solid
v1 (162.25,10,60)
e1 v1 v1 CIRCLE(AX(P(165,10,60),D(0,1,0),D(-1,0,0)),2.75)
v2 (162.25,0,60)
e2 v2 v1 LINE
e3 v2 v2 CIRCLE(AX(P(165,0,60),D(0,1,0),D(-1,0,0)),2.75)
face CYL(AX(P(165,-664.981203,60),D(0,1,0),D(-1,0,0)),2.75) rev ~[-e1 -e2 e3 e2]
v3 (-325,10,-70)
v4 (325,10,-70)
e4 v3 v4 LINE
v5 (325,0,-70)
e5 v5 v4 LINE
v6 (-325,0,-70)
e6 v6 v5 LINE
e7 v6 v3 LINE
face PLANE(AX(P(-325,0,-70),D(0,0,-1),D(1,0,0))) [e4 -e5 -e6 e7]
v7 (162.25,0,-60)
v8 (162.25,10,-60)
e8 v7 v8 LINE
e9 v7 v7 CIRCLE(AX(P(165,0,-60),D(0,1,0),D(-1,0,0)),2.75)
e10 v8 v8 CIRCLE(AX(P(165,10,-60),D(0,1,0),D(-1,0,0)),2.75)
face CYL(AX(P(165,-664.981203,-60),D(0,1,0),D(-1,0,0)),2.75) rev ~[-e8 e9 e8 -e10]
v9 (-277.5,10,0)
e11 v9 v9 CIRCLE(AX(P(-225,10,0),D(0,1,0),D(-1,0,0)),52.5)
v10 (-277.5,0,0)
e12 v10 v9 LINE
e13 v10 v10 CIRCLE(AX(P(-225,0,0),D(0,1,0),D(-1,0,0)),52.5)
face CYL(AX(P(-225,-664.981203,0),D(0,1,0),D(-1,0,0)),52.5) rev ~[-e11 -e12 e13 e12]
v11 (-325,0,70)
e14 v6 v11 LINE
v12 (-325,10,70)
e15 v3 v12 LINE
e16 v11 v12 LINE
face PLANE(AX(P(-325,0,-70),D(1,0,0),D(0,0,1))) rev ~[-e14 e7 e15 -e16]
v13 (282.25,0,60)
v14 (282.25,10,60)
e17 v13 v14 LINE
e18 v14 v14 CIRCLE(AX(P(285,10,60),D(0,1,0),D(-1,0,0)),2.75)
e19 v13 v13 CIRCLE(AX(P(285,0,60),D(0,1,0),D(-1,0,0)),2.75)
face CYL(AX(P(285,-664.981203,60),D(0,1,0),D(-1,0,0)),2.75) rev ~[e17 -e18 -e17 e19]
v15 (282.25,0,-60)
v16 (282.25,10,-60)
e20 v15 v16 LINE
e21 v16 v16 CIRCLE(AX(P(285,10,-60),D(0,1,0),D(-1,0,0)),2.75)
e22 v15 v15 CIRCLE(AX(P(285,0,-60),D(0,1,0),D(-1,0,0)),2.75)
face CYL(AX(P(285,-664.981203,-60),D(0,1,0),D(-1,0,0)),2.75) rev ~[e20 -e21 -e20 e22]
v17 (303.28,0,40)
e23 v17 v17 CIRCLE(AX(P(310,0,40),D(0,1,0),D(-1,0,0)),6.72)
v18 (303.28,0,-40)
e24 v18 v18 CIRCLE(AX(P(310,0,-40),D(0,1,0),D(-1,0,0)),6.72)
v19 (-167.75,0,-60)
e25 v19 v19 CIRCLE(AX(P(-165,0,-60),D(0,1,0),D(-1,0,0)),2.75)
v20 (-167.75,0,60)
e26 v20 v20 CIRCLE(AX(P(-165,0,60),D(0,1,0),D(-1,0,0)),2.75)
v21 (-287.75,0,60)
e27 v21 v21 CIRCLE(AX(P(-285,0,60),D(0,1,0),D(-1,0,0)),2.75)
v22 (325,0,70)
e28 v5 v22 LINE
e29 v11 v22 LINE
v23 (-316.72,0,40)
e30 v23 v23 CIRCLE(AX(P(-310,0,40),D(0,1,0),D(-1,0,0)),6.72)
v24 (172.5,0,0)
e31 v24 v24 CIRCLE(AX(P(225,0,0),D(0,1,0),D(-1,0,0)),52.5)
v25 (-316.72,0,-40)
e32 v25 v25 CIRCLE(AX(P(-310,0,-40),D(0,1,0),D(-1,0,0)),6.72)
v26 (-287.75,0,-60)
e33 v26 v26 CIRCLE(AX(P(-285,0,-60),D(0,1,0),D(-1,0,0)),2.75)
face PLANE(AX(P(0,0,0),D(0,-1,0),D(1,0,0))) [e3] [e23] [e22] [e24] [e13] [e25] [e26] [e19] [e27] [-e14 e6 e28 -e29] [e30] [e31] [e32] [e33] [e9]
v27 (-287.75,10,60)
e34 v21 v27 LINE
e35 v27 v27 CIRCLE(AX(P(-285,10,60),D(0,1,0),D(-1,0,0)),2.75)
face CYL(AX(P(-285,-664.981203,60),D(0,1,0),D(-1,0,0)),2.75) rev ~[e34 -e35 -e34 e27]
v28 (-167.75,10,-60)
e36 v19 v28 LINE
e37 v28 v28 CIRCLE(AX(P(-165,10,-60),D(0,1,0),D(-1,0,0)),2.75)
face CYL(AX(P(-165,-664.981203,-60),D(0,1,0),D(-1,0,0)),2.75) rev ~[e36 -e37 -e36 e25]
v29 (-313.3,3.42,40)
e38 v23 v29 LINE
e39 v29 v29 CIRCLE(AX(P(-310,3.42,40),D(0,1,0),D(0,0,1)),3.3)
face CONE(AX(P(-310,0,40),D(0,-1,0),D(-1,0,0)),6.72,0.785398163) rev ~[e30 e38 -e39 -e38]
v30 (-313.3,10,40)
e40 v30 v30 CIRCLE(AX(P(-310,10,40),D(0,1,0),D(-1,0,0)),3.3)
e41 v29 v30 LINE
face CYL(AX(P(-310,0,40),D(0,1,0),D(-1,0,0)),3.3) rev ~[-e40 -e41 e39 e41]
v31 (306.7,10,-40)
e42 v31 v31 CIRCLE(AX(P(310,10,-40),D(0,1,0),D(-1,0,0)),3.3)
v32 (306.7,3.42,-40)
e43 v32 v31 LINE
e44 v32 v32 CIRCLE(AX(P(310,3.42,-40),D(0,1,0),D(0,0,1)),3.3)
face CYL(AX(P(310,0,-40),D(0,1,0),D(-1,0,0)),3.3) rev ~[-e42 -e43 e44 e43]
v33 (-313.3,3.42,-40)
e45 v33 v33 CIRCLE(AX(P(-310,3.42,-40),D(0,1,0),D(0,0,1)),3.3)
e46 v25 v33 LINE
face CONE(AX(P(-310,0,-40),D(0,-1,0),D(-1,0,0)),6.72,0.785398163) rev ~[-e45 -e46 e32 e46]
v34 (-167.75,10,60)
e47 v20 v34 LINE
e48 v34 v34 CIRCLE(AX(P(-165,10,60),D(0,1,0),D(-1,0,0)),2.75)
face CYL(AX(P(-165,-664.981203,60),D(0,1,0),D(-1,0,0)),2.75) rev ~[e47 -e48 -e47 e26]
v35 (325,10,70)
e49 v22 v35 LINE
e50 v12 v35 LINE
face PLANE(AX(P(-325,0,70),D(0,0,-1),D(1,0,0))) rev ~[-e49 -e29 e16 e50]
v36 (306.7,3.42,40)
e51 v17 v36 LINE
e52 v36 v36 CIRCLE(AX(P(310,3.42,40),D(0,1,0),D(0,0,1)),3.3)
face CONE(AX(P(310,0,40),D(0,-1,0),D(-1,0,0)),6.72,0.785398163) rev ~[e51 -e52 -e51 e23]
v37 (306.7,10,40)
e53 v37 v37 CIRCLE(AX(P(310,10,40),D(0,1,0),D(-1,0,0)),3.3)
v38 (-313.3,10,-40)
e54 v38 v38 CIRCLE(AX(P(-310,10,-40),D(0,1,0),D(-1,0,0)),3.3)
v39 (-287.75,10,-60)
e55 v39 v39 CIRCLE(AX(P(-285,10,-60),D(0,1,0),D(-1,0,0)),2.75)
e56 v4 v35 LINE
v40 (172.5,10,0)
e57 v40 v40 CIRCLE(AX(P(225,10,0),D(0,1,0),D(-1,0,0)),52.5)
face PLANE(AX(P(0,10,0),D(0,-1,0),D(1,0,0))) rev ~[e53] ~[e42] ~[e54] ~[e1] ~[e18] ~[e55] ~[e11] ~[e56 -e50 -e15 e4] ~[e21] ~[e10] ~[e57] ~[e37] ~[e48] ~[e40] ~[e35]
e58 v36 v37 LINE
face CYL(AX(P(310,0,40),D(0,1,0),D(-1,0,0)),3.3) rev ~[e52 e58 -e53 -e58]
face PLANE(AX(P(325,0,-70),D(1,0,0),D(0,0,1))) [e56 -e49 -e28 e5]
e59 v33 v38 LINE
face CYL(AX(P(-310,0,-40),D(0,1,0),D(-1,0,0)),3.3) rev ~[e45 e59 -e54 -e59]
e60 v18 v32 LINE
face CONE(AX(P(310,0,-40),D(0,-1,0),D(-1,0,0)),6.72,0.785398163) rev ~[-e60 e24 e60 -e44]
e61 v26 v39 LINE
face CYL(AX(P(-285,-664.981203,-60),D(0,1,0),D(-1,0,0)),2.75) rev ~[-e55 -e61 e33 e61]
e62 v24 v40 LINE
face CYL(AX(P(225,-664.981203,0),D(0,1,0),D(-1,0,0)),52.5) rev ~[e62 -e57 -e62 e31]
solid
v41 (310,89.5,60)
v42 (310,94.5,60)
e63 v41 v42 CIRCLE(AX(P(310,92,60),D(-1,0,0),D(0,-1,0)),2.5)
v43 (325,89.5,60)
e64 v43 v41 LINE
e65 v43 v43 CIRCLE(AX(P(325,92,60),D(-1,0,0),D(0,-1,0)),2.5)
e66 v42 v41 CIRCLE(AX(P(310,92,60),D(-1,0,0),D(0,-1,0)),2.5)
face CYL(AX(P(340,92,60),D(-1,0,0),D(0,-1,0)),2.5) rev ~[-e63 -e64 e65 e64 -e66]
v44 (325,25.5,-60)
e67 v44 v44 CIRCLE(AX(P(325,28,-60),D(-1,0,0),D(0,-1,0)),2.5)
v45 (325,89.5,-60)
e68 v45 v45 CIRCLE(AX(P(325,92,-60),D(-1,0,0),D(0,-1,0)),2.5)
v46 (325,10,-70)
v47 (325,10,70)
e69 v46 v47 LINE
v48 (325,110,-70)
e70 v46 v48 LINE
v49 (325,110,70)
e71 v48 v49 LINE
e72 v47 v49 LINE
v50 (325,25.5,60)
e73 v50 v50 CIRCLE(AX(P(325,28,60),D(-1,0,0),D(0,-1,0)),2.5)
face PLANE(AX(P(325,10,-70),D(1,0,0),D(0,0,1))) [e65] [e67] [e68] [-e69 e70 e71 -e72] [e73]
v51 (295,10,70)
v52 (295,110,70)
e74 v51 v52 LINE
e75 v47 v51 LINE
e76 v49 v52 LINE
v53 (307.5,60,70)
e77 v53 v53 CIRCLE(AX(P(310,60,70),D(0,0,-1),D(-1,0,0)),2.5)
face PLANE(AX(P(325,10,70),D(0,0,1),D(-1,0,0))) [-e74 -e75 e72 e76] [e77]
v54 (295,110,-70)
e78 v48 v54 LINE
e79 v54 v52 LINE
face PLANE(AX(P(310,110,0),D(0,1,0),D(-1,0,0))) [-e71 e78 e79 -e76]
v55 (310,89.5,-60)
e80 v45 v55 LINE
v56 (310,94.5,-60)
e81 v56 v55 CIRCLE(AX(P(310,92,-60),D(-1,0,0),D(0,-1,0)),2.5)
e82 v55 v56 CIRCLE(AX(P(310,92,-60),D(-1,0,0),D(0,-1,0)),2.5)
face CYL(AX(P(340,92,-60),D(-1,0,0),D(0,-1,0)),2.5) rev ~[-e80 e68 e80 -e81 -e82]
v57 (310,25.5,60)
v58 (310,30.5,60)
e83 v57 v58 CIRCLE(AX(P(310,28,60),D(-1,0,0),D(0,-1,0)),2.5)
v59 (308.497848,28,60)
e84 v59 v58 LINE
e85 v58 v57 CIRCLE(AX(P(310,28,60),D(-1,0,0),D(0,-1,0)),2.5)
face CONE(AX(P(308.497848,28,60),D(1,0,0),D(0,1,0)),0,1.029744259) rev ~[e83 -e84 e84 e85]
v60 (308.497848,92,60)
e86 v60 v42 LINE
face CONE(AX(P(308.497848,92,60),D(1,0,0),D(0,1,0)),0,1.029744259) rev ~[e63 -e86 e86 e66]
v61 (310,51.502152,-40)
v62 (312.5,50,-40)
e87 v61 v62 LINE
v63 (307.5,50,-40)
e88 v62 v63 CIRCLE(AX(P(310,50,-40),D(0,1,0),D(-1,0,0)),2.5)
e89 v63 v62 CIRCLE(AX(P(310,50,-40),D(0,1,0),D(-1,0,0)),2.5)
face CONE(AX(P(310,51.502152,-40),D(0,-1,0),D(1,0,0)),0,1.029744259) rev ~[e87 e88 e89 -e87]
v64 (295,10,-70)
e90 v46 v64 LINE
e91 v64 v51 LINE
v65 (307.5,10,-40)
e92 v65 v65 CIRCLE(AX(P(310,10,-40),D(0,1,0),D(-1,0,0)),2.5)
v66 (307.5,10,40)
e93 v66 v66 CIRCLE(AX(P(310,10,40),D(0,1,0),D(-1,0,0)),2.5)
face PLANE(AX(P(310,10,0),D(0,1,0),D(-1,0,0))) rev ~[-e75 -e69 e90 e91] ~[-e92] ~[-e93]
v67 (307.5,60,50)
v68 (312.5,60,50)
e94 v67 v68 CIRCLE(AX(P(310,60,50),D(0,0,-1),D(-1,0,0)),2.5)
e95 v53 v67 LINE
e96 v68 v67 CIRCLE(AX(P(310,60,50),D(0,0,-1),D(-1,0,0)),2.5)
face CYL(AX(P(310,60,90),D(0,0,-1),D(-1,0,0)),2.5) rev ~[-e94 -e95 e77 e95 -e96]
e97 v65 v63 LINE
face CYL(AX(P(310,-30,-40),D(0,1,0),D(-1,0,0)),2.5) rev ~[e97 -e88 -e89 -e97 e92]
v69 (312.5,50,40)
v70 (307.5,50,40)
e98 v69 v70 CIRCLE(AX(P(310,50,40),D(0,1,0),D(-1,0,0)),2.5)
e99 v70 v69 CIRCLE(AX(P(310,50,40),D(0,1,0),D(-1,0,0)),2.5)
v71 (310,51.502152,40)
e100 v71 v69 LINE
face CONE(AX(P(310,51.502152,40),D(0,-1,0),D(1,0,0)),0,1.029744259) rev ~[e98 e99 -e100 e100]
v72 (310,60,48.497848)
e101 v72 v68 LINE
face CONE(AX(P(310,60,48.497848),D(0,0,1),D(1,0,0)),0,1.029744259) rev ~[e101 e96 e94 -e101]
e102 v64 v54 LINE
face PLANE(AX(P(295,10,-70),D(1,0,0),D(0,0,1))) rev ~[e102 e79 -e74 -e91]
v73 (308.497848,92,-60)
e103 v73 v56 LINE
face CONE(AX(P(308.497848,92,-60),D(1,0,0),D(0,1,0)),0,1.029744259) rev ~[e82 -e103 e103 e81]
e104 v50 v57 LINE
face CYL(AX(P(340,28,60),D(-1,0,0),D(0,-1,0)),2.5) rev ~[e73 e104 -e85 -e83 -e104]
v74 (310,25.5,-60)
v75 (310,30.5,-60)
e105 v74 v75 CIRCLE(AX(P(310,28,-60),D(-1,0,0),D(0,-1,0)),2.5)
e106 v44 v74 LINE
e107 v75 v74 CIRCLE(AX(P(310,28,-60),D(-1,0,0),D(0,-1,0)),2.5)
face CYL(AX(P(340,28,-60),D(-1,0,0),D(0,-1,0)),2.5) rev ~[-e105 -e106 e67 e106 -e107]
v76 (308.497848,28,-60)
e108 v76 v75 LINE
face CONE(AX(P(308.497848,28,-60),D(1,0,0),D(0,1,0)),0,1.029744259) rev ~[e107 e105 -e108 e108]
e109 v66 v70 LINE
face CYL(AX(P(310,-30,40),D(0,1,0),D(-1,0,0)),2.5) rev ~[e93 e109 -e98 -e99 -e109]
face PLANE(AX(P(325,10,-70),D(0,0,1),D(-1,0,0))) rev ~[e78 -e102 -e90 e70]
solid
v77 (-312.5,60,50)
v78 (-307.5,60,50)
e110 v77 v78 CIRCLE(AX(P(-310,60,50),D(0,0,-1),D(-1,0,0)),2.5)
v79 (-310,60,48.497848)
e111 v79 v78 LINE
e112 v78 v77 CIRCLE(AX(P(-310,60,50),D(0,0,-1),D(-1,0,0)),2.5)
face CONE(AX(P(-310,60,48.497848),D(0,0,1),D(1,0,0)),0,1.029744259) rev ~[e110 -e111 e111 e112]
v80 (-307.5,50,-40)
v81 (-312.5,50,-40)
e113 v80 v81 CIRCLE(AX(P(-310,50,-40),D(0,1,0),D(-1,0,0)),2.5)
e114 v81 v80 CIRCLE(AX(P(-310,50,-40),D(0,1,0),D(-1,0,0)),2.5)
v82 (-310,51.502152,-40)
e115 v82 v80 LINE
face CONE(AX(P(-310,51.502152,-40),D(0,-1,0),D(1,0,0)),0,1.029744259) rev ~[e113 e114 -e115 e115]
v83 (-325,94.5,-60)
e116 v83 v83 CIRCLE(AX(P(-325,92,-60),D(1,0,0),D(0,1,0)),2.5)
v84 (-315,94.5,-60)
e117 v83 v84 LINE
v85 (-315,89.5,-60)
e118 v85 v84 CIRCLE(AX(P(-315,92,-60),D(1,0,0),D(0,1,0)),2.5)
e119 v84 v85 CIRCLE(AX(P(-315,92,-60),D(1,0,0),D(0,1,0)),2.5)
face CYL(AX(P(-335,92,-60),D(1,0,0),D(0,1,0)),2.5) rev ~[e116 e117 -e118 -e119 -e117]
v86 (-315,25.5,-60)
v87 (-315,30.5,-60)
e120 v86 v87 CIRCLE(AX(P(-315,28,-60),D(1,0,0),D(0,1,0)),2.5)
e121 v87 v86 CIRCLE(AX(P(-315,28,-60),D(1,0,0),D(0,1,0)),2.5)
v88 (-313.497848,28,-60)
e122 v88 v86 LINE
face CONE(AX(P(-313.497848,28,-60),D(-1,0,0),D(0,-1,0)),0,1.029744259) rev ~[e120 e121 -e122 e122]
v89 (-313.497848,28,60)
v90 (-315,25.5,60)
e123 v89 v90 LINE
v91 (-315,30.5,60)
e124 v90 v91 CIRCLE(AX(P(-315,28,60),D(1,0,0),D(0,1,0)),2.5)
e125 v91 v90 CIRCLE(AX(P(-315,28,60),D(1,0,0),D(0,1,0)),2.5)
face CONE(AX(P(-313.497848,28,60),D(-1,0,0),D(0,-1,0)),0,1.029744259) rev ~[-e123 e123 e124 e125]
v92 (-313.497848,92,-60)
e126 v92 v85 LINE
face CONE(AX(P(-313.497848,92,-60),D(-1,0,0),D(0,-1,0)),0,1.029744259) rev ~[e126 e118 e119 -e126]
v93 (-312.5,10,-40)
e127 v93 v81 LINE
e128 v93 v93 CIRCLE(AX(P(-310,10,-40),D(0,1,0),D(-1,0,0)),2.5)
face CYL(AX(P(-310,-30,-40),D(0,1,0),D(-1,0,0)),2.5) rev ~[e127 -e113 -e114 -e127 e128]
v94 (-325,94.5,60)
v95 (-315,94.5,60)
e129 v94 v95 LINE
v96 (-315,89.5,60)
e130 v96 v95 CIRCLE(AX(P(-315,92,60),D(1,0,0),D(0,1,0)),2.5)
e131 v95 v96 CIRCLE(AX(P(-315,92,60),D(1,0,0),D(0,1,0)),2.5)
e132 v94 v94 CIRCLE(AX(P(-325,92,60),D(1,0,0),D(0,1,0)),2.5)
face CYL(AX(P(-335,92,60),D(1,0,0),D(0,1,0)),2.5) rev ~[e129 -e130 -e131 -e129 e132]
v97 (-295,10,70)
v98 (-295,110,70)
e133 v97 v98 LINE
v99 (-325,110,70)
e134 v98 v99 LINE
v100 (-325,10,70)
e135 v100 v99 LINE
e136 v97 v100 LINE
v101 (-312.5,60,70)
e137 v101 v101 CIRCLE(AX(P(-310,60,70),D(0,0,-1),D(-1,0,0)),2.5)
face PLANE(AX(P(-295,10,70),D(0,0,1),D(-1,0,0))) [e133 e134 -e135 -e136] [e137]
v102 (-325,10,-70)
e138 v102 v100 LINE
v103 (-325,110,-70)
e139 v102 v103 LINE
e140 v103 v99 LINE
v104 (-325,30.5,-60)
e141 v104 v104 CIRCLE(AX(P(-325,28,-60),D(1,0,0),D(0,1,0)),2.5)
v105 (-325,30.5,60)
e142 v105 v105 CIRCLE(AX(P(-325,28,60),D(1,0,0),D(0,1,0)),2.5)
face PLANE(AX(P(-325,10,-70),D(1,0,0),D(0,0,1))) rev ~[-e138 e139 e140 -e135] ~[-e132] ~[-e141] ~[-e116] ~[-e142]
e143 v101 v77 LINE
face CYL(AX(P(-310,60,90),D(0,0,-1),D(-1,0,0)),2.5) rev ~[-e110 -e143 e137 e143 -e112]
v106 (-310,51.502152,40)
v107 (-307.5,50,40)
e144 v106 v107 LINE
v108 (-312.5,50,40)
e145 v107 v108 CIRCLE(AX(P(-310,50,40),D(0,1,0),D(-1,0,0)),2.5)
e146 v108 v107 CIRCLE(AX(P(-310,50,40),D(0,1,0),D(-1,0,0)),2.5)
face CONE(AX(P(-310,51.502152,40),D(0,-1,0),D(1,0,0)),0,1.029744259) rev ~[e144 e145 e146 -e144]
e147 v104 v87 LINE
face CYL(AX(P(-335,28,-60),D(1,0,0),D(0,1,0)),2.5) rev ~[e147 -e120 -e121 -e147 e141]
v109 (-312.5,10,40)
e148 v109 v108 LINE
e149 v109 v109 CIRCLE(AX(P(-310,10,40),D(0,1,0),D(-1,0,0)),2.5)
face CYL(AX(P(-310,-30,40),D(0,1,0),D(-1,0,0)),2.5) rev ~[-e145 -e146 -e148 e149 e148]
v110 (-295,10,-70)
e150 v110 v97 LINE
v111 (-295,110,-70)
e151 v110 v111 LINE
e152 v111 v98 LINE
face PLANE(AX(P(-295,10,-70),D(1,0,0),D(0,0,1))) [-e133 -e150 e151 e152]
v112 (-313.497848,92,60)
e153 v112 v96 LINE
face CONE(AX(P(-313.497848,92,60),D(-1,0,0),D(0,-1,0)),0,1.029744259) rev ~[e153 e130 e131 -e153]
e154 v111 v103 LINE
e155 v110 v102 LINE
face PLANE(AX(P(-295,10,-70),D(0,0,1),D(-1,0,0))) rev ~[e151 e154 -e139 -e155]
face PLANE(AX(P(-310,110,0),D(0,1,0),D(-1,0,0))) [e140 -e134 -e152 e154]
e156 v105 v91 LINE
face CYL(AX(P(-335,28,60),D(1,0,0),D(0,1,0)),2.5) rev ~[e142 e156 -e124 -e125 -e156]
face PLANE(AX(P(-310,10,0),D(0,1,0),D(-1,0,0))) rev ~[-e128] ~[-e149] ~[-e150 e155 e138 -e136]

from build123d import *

# Parameters (mm, degrees)
F0_W           = 650
F0_H           = 140
F0_W_2         = 120
F0_H_2         = 120
F1_DEPTH       = 10
F4_W           = 30
F4_H           = 140
F5_DEPTH       = 100
F6_D           = 6.6
F6_DEPTH       = 40
F6_CSINK_D     = 13.44
F6_CSINK_ANGLE = 90
F6_TIP         = 1.9828400428
F8_D           = 5
F8_DEPTH       = 10
F8_TIP         = 1.5021515476
F10_D          = 5
F10_DEPTH      = 15
F10_TIP        = 1.5021515476
F11_D          = 105
F12_D          = 5
F12_DEPTH      = 40
F12_START      = 10
F12_TIP        = 1.5021515476
F12_2_D        = 5
F12_2_DEPTH    = 40
F12_2_START    = 10
F12_2_TIP      = 1.5021515476
F14_D          = 5
F14_DEPTH      = 20
F14_TIP        = 1.5021515476
F14_2_D        = 5
F14_2_DEPTH    = 20
F14_2_TIP      = 1.5021515476
F15_D          = 5.5


with BuildPart() as f1:
    # F0 (on Front) → F1 (new body)
    with BuildSketch(Plane.XZ):
        Rectangle(F0_W, F0_H)
        with Locations((-225, 0)):
            Rectangle(F0_W_2, F0_H_2, mode=Mode.SUBTRACT)
        with Locations((225, 0)):
            Rectangle(F0_W_2, F0_H_2, mode=Mode.SUBTRACT)
        with Locations((-225, 0)):
            Rectangle(F0_W_2, F0_H_2)
        with Locations((225, 0)):
            Rectangle(F0_W_2, F0_H_2)
    extrude(amount=-F1_DEPTH)


with BuildPart() as f2_1:
    # F2: copy of F1
    add(f1.part.moved(Location((0, 0, 10))))


with BuildPart() as f5:
    # F4 (on face) → F5 (new body)
    with BuildSketch(Plane(origin=(0, 10, 0), x_dir=(-1, 0, 0), z_dir=(0, 1, 0))):
        with Locations((310, 0)):
            Rectangle(F4_W, F4_H)
    extrude(amount=F5_DEPTH)

    # F8
    with Locations(Plane(origin=(-325, 0, 0), x_dir=(0, -1, 0), z_dir=(-1, 0, 0))):
        with Locations((-92, 60), (-28, 60), (-28, -60), (-92, -60)):
            Hole(F8_D / 2, depth=F8_DEPTH)
            with Locations((0, 0, -(F8_DEPTH + F8_TIP / 2))):  # 118° drill point
                Cone(0, F8_D / 2, F8_TIP, mode=Mode.SUBTRACT)

    # F12
    # its depths count from where the whole tool has entered the part; down to there all is cleared
    with Locations(Plane.XZ.offset(-F12_START)):
        with Locations((-310, 40), (-310, -40), (310, 40), (310, -40)):
            Hole(F12_D / 2, depth=F12_DEPTH)
            with Locations((0, 0, -(F12_DEPTH + F12_TIP / 2))):  # 118° drill point
                Cone(0, F12_D / 2, F12_TIP, mode=Mode.SUBTRACT)

    # F14
    with Locations(Plane.XY.offset(70)):
        with Locations((-310, 60), (310, 60)):
            Hole(F14_D / 2, depth=F14_DEPTH)
            with Locations((0, 0, -(F14_DEPTH + F14_TIP / 2))):  # 118° drill point
                Cone(0, F14_D / 2, F14_TIP, mode=Mode.SUBTRACT)


with BuildPart() as f5b:
    # F4 (on face) → F5, piece 2 (new body)
    with BuildSketch(Plane(origin=(0, 10, 0), x_dir=(-1, 0, 0), z_dir=(0, 1, 0))):
        with Locations((-310, 0)):
            Rectangle(F4_W, F4_H)
    extrude(amount=F5_DEPTH)

    # F10
    with Locations(Plane.YZ.offset(325)):
        with Locations((28, 60), (92, 60), (92, -60), (28, -60)):
            Hole(F10_D / 2, depth=F10_DEPTH)
            with Locations((0, 0, -(F10_DEPTH + F10_TIP / 2))):  # 118° drill point
                Cone(0, F10_D / 2, F10_TIP, mode=Mode.SUBTRACT)

    # F12#2
    # its depths count from where the whole tool has entered the part; down to there all is cleared
    with Locations(Plane.XZ.offset(-F12_2_START)):
        with Locations((-310, 40), (-310, -40), (310, 40), (310, -40)):
            Hole(F12_2_D / 2, depth=F12_2_DEPTH)
            with Locations((0, 0, -(F12_2_DEPTH + F12_2_TIP / 2))):  # 118° drill point
                Cone(0, F12_2_D / 2, F12_2_TIP, mode=Mode.SUBTRACT)

    # F14#2
    with Locations(Plane.XY.offset(70)):
        with Locations((-310, 60), (310, 60)):
            Hole(F14_2_D / 2, depth=F14_2_DEPTH)
            with Locations((0, 0, -(F14_2_DEPTH + F14_2_TIP / 2))):  # 118° drill point
                Cone(0, F14_2_D / 2, F14_2_TIP, mode=Mode.SUBTRACT)


with BuildPart() as f1_1:
    add(f1.part)

    # F6
    with Locations(Plane.XZ):
        with Locations((-310, 40), (-310, -40), (310, 40), (310, -40)):
            CounterSinkHole(F6_D / 2, F6_CSINK_D / 2, depth=F6_DEPTH, counter_sink_angle=F6_CSINK_ANGLE)
            with Locations((0, 0, -(F6_DEPTH + F6_TIP / 2))):  # 118° drill point
                Cone(0, F6_D / 2, F6_TIP, mode=Mode.SUBTRACT)

    # F11 (through all)
    with Locations(Plane.XZ):
        with Locations((-225, 0), (225, 0)):
            Hole(F11_D / 2)

    # F15 (through all)
    with Locations(Plane.XZ):
        with Locations((-165, 60), (-285, 60), (-285, -60), (-165, -60), (165, 60), (285, 60), (285, -60), (165, -60)):
            Hole(F15_D / 2)


solid = Compound([f5.part, f5b.part, f1_1.part])
